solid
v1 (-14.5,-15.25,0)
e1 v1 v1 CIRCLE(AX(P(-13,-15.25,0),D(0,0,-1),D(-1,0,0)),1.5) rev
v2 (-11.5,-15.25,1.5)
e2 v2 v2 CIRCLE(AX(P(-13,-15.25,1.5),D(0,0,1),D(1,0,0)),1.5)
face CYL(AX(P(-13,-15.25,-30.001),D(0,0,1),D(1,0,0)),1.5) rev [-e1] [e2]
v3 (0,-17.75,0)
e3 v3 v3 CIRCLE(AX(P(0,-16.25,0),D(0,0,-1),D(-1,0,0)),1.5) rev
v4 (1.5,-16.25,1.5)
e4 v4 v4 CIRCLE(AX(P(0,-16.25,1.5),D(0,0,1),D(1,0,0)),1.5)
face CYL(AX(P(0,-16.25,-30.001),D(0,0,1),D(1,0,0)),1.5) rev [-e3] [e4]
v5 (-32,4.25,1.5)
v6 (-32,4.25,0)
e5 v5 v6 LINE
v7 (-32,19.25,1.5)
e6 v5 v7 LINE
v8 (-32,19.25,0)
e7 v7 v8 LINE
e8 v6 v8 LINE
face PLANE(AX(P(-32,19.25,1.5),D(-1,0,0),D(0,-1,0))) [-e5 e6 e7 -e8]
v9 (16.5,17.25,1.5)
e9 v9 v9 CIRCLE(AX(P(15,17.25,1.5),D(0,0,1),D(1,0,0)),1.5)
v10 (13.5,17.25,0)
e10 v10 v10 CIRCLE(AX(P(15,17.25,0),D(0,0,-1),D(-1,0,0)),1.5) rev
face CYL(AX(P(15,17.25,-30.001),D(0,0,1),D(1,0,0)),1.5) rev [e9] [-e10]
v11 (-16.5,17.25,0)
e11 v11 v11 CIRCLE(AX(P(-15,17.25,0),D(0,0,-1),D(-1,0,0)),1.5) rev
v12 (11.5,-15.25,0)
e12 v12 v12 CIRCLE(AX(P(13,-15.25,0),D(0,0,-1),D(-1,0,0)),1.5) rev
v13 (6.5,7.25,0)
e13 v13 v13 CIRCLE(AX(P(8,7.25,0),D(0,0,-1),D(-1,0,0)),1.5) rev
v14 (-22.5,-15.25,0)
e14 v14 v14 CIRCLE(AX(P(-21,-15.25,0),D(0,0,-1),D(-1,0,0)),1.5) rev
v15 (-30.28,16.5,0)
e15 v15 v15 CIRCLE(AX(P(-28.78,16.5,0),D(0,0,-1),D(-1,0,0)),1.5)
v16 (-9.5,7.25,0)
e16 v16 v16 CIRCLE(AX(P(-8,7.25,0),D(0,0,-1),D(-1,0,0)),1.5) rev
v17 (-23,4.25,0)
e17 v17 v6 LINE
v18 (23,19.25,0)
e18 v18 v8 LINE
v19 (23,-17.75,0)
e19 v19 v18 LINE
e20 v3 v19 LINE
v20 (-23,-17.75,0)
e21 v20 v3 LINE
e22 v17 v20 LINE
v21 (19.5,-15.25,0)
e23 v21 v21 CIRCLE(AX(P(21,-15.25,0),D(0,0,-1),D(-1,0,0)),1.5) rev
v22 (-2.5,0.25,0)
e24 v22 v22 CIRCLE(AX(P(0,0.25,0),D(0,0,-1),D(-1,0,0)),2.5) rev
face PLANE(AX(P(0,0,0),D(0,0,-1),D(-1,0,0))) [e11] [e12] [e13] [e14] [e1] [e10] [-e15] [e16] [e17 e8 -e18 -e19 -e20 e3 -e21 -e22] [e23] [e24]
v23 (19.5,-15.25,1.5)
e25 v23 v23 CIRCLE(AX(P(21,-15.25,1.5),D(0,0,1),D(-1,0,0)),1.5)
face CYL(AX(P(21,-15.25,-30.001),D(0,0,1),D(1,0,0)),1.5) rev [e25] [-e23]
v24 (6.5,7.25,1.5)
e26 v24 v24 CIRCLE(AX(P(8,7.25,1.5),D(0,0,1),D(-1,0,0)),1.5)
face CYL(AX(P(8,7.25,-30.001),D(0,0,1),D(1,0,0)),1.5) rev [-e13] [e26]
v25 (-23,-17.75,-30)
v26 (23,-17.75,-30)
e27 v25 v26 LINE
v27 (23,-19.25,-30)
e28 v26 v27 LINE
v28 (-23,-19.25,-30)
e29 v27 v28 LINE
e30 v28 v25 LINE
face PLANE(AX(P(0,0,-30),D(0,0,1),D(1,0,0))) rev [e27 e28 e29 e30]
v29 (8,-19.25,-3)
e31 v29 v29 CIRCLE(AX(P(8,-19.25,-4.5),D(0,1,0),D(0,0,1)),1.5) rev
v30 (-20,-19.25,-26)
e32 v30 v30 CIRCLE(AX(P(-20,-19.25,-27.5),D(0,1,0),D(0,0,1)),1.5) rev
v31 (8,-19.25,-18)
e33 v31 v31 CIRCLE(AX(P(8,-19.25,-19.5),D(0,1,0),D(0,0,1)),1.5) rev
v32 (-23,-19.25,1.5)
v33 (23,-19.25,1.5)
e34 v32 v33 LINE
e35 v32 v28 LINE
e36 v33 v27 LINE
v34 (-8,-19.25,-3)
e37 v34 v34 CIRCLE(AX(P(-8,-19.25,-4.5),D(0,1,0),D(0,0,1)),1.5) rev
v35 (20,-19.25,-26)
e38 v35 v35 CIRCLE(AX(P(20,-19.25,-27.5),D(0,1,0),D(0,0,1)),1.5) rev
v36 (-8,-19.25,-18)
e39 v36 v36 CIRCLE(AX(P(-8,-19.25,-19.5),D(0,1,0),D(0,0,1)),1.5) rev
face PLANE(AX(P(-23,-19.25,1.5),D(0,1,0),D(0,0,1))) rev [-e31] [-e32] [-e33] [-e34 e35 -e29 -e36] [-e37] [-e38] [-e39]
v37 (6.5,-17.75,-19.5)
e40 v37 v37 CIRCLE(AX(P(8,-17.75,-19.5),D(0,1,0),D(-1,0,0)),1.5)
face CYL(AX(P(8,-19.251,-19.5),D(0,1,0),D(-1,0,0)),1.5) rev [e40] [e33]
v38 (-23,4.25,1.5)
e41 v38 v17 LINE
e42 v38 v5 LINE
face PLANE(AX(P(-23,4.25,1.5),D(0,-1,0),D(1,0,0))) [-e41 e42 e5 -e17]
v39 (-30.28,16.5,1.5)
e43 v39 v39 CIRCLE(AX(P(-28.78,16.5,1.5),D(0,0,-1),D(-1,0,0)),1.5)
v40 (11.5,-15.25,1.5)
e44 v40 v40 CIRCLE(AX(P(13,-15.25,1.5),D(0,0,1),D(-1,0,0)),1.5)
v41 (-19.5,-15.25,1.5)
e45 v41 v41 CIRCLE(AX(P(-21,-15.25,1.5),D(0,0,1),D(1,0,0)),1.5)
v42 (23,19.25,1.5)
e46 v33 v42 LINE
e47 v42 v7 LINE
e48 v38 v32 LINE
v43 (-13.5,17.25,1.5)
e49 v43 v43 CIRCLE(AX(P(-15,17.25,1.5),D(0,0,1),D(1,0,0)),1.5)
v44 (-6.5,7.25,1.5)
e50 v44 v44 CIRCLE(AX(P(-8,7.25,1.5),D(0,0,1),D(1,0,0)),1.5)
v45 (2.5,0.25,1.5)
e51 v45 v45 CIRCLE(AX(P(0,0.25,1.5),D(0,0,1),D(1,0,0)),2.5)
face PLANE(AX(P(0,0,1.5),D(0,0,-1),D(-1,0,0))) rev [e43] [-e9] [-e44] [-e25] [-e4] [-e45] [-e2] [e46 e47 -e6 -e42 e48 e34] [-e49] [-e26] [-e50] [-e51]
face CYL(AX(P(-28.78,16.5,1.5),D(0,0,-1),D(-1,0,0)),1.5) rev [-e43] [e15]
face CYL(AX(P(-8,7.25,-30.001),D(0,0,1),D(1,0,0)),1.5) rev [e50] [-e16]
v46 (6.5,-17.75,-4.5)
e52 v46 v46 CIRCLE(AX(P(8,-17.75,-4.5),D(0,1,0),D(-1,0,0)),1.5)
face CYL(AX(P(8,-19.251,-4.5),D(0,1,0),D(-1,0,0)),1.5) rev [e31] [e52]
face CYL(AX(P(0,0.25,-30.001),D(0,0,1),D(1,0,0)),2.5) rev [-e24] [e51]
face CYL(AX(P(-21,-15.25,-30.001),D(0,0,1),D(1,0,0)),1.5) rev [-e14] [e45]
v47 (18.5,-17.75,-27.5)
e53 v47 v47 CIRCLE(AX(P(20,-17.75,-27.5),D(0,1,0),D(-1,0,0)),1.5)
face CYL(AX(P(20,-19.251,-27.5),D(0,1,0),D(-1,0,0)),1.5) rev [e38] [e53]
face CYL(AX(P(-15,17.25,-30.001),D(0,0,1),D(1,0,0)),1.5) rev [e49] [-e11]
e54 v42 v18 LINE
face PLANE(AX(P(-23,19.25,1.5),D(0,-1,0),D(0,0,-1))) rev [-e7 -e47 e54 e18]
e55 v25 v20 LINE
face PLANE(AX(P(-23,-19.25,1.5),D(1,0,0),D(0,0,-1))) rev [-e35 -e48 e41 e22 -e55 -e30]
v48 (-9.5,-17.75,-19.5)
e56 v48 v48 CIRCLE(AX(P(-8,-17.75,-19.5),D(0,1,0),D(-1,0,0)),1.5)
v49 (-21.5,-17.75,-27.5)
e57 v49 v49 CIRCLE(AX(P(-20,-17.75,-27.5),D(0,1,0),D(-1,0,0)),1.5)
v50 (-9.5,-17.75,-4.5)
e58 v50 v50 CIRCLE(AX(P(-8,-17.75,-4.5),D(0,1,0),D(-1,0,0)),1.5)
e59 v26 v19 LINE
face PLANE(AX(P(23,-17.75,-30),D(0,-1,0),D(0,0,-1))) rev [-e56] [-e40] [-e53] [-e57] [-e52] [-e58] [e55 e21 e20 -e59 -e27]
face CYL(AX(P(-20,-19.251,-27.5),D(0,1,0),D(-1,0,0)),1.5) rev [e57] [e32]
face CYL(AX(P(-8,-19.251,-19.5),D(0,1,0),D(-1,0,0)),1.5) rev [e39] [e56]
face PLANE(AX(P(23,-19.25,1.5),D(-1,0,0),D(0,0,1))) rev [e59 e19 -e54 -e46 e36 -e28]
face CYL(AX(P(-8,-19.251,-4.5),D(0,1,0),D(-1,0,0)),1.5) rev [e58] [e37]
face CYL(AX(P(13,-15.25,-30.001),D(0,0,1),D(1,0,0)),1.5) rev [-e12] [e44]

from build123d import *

# Parameters (mm, degrees)
SKETCH_1_W          = 46
SKETCH_1_H          = 38.5
EXTRUDE_1_DEPTH     = 1.5
SKETCH_2_W          = 46
SKETCH_2_H          = 1.5
EXTRUDE_2_DEPTH     = 30
CUT_EXTRUDE_1_REACH = 54.896
SKETCH_3_R          = 1.5
CUT_EXTRUDE_2_REACH = 45.495
SKETCH_4_R          = 1.5
SKETCH_4_R_2        = 2.5
SKETCH_5_W          = 9
SKETCH_5_H          = 15
SKETCH_5_R          = 1.5
EXTRUDE_3_DEPTH     = 1.5


with BuildPart() as part:
    # Эскиз1 → Бобышка-Вытянуть1 (new body)
    with BuildSketch(Plane.XY):
        Rectangle(SKETCH_1_W, SKETCH_1_H)
    extrude(amount=EXTRUDE_1_DEPTH)

    # Эскиз2 → Бобышка-Вытянуть2 (add)
    with BuildSketch(Plane(origin=(0, 0, 0), x_dir=(-1, 0, 0), z_dir=(0, 0, -1))):
        with Locations((0, -18.5)):
            Rectangle(SKETCH_2_W, SKETCH_2_H)
    extrude(amount=EXTRUDE_2_DEPTH)

    # Эскиз3 → Вырез-Вытянуть1 (cut, up to next)
    with BuildSketch(Plane(origin=(0, -17.75, 0), x_dir=(1, 0, 0), z_dir=(0, 1, 0)), mode=Mode.PRIVATE) as cut_extrude_1_sk1:
        with Locations(Location((-8, 19.5, 0), (0, 0, 180))):
            Circle(SKETCH_3_R)
    cut_extrude_1_tool1 = extrude(cut_extrude_1_sk1.sketch, amount=-CUT_EXTRUDE_1_REACH, mode=Mode.PRIVATE) & part.part
    # Эскиз3 → Вырез-Вытянуть1 (cut, up to next)
    with BuildSketch(Plane(origin=(0, -17.75, 0), x_dir=(1, 0, 0), z_dir=(0, 1, 0)), mode=Mode.PRIVATE) as cut_extrude_1_sk2:
        with Locations(Location((8, 19.5, 0), (0, 0, 180))):
            Circle(SKETCH_3_R)
    cut_extrude_1_tool2 = extrude(cut_extrude_1_sk2.sketch, amount=-CUT_EXTRUDE_1_REACH, mode=Mode.PRIVATE) & part.part
    # Эскиз3 → Вырез-Вытянуть1 (cut, up to next)
    with BuildSketch(Plane(origin=(0, -17.75, 0), x_dir=(1, 0, 0), z_dir=(0, 1, 0)), mode=Mode.PRIVATE) as cut_extrude_1_sk3:
        with Locations(Location((-8, 4.5, 0), (0, 0, 180))):
            Circle(SKETCH_3_R)
    cut_extrude_1_tool3 = extrude(cut_extrude_1_sk3.sketch, amount=-CUT_EXTRUDE_1_REACH, mode=Mode.PRIVATE) & part.part
    # Эскиз3 → Вырез-Вытянуть1 (cut, up to next)
    with BuildSketch(Plane(origin=(0, -17.75, 0), x_dir=(1, 0, 0), z_dir=(0, 1, 0)), mode=Mode.PRIVATE) as cut_extrude_1_sk4:
        with Locations(Location((8, 4.5, 0), (0, 0, 180))):
            Circle(SKETCH_3_R)
    cut_extrude_1_tool4 = extrude(cut_extrude_1_sk4.sketch, amount=-CUT_EXTRUDE_1_REACH, mode=Mode.PRIVATE) & part.part
    # Эскиз3 → Вырез-Вытянуть1 (cut, up to next)
    with BuildSketch(Plane(origin=(0, -17.75, 0), x_dir=(1, 0, 0), z_dir=(0, 1, 0)), mode=Mode.PRIVATE) as cut_extrude_1_sk5:
        with Locations(Location((-20, 27.5, 0), (0, 0, 180))):
            Circle(SKETCH_3_R)
    cut_extrude_1_tool5 = extrude(cut_extrude_1_sk5.sketch, amount=-CUT_EXTRUDE_1_REACH, mode=Mode.PRIVATE) & part.part
    # Эскиз3 → Вырез-Вытянуть1 (cut, up to next)
    with BuildSketch(Plane(origin=(0, -17.75, 0), x_dir=(1, 0, 0), z_dir=(0, 1, 0)), mode=Mode.PRIVATE) as cut_extrude_1_sk6:
        with Locations(Location((20, 27.5, 0), (0, 0, 180))):
            Circle(SKETCH_3_R)
    cut_extrude_1_tool6 = extrude(cut_extrude_1_sk6.sketch, amount=-CUT_EXTRUDE_1_REACH, mode=Mode.PRIVATE) & part.part
    add(cut_extrude_1_tool1.solids().sort_by_distance((-8, -17.75, -19.5))[0], mode=Mode.SUBTRACT)
    add(cut_extrude_1_tool2.solids().sort_by_distance((8, -17.75, -19.5))[0], mode=Mode.SUBTRACT)
    add(cut_extrude_1_tool3.solids().sort_by_distance((-8, -17.75, -4.5))[0], mode=Mode.SUBTRACT)
    add(cut_extrude_1_tool4.solids().sort_by_distance((8, -17.75, -4.5))[0], mode=Mode.SUBTRACT)
    add(cut_extrude_1_tool5.solids().sort_by_distance((-20, -17.75, -27.5))[0], mode=Mode.SUBTRACT)
    add(cut_extrude_1_tool6.solids().sort_by_distance((20, -17.75, -27.5))[0], mode=Mode.SUBTRACT)

    # Эскиз4 → Вырез-Вытянуть2 (cut, up to next)
    with BuildSketch(Plane.XY.offset(1.5), mode=Mode.PRIVATE) as cut_extrude_2_sk1:
        with Locations((-15, 17.25)):
            Circle(SKETCH_4_R)
    cut_extrude_2_tool1 = extrude(cut_extrude_2_sk1.sketch, amount=-CUT_EXTRUDE_2_REACH, mode=Mode.PRIVATE) & part.part
    # Эскиз4 → Вырез-Вытянуть2 (cut, up to next)
    with BuildSketch(Plane.XY.offset(1.5), mode=Mode.PRIVATE) as cut_extrude_2_sk2:
        with Locations((15, 17.25)):
            Circle(SKETCH_4_R)
    cut_extrude_2_tool2 = extrude(cut_extrude_2_sk2.sketch, amount=-CUT_EXTRUDE_2_REACH, mode=Mode.PRIVATE) & part.part
    # Эскиз4 → Вырез-Вытянуть2 (cut, up to next)
    with BuildSketch(Plane.XY.offset(1.5), mode=Mode.PRIVATE) as cut_extrude_2_sk3:
        with Locations((-8, 7.25)):
            Circle(SKETCH_4_R)
    cut_extrude_2_tool3 = extrude(cut_extrude_2_sk3.sketch, amount=-CUT_EXTRUDE_2_REACH, mode=Mode.PRIVATE) & part.part
    # Эскиз4 → Вырез-Вытянуть2 (cut, up to next)
    with BuildSketch(Plane.XY.offset(1.5), mode=Mode.PRIVATE) as cut_extrude_2_sk4:
        with Locations(Location((8, 7.25, 0), (0, 0, 180))):
            Circle(SKETCH_4_R)
    cut_extrude_2_tool4 = extrude(cut_extrude_2_sk4.sketch, amount=-CUT_EXTRUDE_2_REACH, mode=Mode.PRIVATE) & part.part
    # Эскиз4 → Вырез-Вытянуть2 (cut, up to next)
    with BuildSketch(Plane.XY.offset(1.5), mode=Mode.PRIVATE) as cut_extrude_2_sk5:
        with Locations((0, 0.25)):
            Circle(SKETCH_4_R_2)
    cut_extrude_2_tool5 = extrude(cut_extrude_2_sk5.sketch, amount=-CUT_EXTRUDE_2_REACH, mode=Mode.PRIVATE) & part.part
    # Эскиз4 → Вырез-Вытянуть2 (cut, up to next)
    with BuildSketch(Plane.XY.offset(1.5), mode=Mode.PRIVATE) as cut_extrude_2_sk6:
        with Locations((0, -16.25)):
            Circle(SKETCH_4_R)
    cut_extrude_2_tool6 = extrude(cut_extrude_2_sk6.sketch, amount=-CUT_EXTRUDE_2_REACH, mode=Mode.PRIVATE) & part.part
    # Эскиз4 → Вырез-Вытянуть2 (cut, up to next)
    with BuildSketch(Plane.XY.offset(1.5), mode=Mode.PRIVATE) as cut_extrude_2_sk7:
        with Locations((-21, -15.25)):
            Circle(SKETCH_4_R)
    cut_extrude_2_tool7 = extrude(cut_extrude_2_sk7.sketch, amount=-CUT_EXTRUDE_2_REACH, mode=Mode.PRIVATE) & part.part
    # Эскиз4 → Вырез-Вытянуть2 (cut, up to next)
    with BuildSketch(Plane.XY.offset(1.5), mode=Mode.PRIVATE) as cut_extrude_2_sk8:
        with Locations(Location((21, -15.25, 0), (0, 0, 180))):
            Circle(SKETCH_4_R)
    cut_extrude_2_tool8 = extrude(cut_extrude_2_sk8.sketch, amount=-CUT_EXTRUDE_2_REACH, mode=Mode.PRIVATE) & part.part
    # Эскиз4 → Вырез-Вытянуть2 (cut, up to next)
    with BuildSketch(Plane.XY.offset(1.5), mode=Mode.PRIVATE) as cut_extrude_2_sk9:
        with Locations((-13, -15.25)):
            Circle(SKETCH_4_R)
    cut_extrude_2_tool9 = extrude(cut_extrude_2_sk9.sketch, amount=-CUT_EXTRUDE_2_REACH, mode=Mode.PRIVATE) & part.part
    # Эскиз4 → Вырез-Вытянуть2 (cut, up to next)
    with BuildSketch(Plane.XY.offset(1.5), mode=Mode.PRIVATE) as cut_extrude_2_sk10:
        with Locations(Location((13, -15.25, 0), (0, 0, 180))):
            Circle(SKETCH_4_R)
    cut_extrude_2_tool10 = extrude(cut_extrude_2_sk10.sketch, amount=-CUT_EXTRUDE_2_REACH, mode=Mode.PRIVATE) & part.part
    add(cut_extrude_2_tool1.solids().sort_by_distance((-15, 17.25, 1.5))[0], mode=Mode.SUBTRACT)
    add(cut_extrude_2_tool2.solids().sort_by_distance((15, 17.25, 1.5))[0], mode=Mode.SUBTRACT)
    add(cut_extrude_2_tool3.solids().sort_by_distance((-8, 7.25, 1.5))[0], mode=Mode.SUBTRACT)
    add(cut_extrude_2_tool4.solids().sort_by_distance((8, 7.25, 1.5))[0], mode=Mode.SUBTRACT)
    add(cut_extrude_2_tool5.solids().sort_by_distance((0, 0.25, 1.5))[0], mode=Mode.SUBTRACT)
    add(cut_extrude_2_tool6.solids().sort_by_distance((0, -16.25, 1.5))[0], mode=Mode.SUBTRACT)
    add(cut_extrude_2_tool7.solids().sort_by_distance((-21, -15.25, 1.5))[0], mode=Mode.SUBTRACT)
    add(cut_extrude_2_tool8.solids().sort_by_distance((21, -15.25, 1.5))[0], mode=Mode.SUBTRACT)
    add(cut_extrude_2_tool9.solids().sort_by_distance((-13, -15.25, 1.5))[0], mode=Mode.SUBTRACT)
    add(cut_extrude_2_tool10.solids().sort_by_distance((13, -15.25, 1.5))[0], mode=Mode.SUBTRACT)

    # Эскиз5 → Бобышка-Вытянуть3 (add)
    with BuildSketch(Plane(origin=(0, 0, 0), x_dir=(-1, 0, 0), z_dir=(0, 0, -1))):
        with Locations((27.5, 11.75)):
            Rectangle(SKETCH_5_W, SKETCH_5_H)
        with Locations((28.78, 16.5)):
            Circle(SKETCH_5_R, mode=Mode.SUBTRACT)
    extrude(amount=-EXTRUDE_3_DEPTH)


solid = part.part
